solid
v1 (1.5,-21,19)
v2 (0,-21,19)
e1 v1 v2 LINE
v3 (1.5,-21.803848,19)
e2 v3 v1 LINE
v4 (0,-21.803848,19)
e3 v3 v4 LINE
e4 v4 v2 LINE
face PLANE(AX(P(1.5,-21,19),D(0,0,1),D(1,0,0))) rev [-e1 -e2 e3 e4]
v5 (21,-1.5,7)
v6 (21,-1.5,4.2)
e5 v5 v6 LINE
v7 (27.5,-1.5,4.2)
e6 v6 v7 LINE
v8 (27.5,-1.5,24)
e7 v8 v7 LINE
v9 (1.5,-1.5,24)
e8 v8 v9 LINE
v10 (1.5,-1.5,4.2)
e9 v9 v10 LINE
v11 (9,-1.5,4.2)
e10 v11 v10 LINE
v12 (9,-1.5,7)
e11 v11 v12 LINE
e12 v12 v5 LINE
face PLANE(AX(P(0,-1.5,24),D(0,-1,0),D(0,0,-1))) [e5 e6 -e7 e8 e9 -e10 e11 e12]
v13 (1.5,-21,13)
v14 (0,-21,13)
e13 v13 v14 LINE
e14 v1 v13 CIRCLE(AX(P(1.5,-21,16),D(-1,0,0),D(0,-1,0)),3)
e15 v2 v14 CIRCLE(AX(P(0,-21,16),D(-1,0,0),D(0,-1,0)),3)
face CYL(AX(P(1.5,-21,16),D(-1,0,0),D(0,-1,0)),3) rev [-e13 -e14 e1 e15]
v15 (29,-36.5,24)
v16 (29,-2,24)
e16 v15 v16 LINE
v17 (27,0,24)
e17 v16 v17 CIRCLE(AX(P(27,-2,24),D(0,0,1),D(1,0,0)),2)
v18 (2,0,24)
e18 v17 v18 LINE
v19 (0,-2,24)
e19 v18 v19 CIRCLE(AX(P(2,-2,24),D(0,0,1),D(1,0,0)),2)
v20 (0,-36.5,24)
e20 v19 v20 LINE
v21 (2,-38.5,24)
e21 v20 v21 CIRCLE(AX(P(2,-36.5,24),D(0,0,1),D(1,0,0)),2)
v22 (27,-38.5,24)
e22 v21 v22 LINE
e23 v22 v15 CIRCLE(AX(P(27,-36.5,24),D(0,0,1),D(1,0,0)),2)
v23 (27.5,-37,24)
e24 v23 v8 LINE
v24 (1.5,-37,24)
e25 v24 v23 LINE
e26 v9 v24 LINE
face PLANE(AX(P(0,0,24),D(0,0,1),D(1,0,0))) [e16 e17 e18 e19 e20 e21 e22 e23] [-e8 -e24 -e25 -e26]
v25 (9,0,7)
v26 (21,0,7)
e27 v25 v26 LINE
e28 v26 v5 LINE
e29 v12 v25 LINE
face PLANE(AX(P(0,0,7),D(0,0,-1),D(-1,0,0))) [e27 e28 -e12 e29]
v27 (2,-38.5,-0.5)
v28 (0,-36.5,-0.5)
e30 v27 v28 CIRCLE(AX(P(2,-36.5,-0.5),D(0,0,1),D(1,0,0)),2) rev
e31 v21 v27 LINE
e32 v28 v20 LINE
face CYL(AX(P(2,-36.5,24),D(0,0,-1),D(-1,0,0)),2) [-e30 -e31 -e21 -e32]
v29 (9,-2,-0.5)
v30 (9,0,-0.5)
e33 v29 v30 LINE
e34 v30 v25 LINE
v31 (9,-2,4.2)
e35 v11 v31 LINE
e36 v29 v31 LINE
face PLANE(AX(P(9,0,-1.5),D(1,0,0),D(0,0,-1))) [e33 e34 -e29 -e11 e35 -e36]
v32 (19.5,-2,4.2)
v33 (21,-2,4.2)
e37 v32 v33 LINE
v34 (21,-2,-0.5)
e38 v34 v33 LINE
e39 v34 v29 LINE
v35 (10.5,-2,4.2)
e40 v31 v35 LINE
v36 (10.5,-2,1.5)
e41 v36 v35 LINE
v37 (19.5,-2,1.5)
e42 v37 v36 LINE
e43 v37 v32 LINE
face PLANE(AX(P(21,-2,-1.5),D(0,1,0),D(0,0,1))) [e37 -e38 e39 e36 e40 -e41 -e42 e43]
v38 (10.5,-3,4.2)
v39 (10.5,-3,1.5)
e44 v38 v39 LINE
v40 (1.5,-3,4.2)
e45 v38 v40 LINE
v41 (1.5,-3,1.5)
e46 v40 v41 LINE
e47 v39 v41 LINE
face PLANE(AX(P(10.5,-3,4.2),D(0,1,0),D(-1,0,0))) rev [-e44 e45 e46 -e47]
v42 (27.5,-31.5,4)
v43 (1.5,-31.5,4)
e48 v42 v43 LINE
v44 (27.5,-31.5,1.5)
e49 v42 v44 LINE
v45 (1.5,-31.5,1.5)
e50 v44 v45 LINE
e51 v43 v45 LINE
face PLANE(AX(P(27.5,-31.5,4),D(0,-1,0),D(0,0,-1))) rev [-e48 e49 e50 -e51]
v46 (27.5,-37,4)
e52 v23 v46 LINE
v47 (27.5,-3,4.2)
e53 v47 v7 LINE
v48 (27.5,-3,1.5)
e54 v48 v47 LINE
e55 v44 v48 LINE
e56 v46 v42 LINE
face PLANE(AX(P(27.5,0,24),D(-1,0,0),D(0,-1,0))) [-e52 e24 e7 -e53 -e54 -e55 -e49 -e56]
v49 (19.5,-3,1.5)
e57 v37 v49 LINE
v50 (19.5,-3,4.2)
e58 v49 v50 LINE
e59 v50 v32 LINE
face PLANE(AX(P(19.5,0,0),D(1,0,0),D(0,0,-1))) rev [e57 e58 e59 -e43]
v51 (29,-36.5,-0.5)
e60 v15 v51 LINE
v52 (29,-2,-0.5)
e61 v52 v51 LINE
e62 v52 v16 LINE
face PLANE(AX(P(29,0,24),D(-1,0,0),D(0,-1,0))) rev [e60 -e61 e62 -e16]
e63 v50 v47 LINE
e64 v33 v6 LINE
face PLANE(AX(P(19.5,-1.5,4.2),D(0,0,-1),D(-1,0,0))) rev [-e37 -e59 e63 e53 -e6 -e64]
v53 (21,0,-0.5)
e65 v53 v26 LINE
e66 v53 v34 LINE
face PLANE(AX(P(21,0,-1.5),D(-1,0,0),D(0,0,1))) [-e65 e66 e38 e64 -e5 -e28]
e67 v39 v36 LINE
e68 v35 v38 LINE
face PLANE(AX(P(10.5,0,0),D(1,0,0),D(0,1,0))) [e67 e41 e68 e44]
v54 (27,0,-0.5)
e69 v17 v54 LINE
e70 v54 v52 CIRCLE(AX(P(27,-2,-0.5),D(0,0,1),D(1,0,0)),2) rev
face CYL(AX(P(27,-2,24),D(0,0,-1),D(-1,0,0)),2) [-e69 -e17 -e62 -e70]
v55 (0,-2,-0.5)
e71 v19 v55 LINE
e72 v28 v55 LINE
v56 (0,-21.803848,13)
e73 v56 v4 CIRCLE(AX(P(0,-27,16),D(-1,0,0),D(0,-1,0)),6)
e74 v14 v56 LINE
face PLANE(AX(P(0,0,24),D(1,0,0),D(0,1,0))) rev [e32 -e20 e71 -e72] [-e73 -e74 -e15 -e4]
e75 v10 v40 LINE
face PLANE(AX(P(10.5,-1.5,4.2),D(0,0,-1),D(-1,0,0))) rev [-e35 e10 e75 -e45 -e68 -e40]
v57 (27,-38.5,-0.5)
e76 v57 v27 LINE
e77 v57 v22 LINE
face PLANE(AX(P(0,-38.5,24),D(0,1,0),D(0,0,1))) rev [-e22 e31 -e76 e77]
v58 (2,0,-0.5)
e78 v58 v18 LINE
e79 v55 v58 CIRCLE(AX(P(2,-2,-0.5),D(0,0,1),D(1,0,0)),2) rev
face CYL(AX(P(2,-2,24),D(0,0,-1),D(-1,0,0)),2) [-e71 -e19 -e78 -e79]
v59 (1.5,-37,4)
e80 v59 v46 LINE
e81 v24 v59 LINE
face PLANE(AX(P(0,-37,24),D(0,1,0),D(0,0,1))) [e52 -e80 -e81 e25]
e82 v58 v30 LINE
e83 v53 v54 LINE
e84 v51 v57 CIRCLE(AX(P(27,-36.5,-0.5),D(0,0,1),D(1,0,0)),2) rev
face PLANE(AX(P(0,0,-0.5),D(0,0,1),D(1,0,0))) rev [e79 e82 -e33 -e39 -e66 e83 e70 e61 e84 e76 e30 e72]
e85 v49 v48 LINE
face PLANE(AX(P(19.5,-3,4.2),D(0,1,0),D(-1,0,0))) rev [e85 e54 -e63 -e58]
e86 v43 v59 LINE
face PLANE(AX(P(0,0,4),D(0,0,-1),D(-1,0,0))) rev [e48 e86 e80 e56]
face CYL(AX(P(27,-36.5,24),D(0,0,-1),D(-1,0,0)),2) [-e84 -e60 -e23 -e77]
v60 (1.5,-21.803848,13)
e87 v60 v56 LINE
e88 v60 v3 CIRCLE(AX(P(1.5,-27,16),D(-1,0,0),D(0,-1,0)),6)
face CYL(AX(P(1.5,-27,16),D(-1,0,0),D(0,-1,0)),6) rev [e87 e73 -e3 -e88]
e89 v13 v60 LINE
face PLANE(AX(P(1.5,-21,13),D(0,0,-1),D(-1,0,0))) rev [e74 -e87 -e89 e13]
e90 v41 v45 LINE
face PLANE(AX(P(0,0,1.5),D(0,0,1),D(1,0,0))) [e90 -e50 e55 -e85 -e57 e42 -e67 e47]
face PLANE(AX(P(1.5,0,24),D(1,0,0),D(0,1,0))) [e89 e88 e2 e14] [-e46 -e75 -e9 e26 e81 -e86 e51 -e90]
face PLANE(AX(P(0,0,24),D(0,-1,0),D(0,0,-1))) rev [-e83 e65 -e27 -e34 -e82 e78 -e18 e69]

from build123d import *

# Parameters (mm, degrees)
SKETCH_1_W               = 29
SKETCH_1_H               = 38.5
EXTRUDE_1_DEPTH          = 24
SHELL_1_T                = -1.5
SKETCH_7_W               = 26
SKETCH_7_H               = 5.5
EXTRUDE_7_DEPTH          = 2.5
SKETCH_5_W               = 2.7
SKETCH_5_H               = 1.5
EXTRUDE_8_DEPTH          = 8
SKETCH_6_W               = 2.7
SKETCH_6_H               = 1.5
EXTRUDE_9_DEPTH          = 9
CUT_EXTRUDE_7_DEPTH      = 1.5
SKETCH_9_W               = 29
SKETCH_9_H               = 38.5
EXTRUDE_10_DEPTH         = 0.5
FILLET_3_R               = 2
CUT_EXTRUDE_8_DEPTH      = 1.5
CUT_EXTRUDE_8_DEPTH_BACK = 7
SKETCH_2_W               = 12
SKETCH_2_H               = 2


with BuildPart() as part:
    # 草图1 → 凸台-拉伸1 (new body)
    with BuildSketch(Plane.XY):
        with Locations((14.5, -19.25)):
            Rectangle(SKETCH_1_W, SKETCH_1_H)
    extrude(amount=EXTRUDE_1_DEPTH)

    # 抽壳1
    shell_1_openings = [part.faces().sort_by_distance(p)[0] for p in [
        (14.5, -19.25, 24),
    ]]
    offset(amount=SHELL_1_T, openings=shell_1_openings, kind=Kind.INTERSECTION)

    # 草图7 → 凸台-拉伸7 (add)
    with BuildSketch(Plane.XY.offset(1.5)):
        with Locations((14.5, -34.25)):
            Rectangle(SKETCH_7_W, SKETCH_7_H)
    extrude(amount=EXTRUDE_7_DEPTH)

    # 草图5 → 凸台-拉伸8 (add)
    with BuildSketch(Plane.ZY.offset(-27.5)):
        with Locations((2.85, -2.25)):
            Rectangle(SKETCH_5_W, SKETCH_5_H)
    extrude(amount=EXTRUDE_8_DEPTH)

    # 草图6 → 凸台-拉伸9 (add)
    with BuildSketch(Plane(origin=(1.5, 0, 0), x_dir=(0, 0, -1), z_dir=(1, 0, 0))):
        with Locations((-2.85, -2.25)):
            Rectangle(SKETCH_6_W, SKETCH_6_H)
    extrude(amount=EXTRUDE_9_DEPTH)

    # 草图8 → 切除-拉伸7 (cut)
    with BuildSketch(Plane.ZY):
        with BuildLine():
            Line((19, -21), (19, -21.803847577))
            ThreePointArc((19, -21.803847577), (16, -33), (13, -21.803847577))
            Line((13, -21.803847577), (13, -21))
            ThreePointArc((13, -21), (16, -18), (19, -21))
        make_face()
    extrude(amount=-CUT_EXTRUDE_7_DEPTH, mode=Mode.SUBTRACT)

    # 草图9 → 凸台-拉伸10 (add)
    with BuildSketch(Plane(origin=(0, 0, 0), x_dir=(-1, 0, 0), z_dir=(0, 0, -1))):
        with Locations((-14.5, -19.25)):
            Rectangle(SKETCH_9_W, SKETCH_9_H)
    extrude(amount=EXTRUDE_10_DEPTH)

    # 圆角3
    fillet_3_edges = [part.edges().sort_by_distance(p)[0] for p in [
        (0, 0, 11.75),
        (29, 0, 11.75),
        (29, -38.5, 11.75),
        (0, -38.5, 11.75),
    ]]
    fillet(fillet_3_edges, radius=FILLET_3_R)

    # 草图2 → 切除-拉伸8 (cut, two sides: drawn at the far end of the back side and taken through both)
    with BuildSketch(Plane(origin=(0, 0, 0), x_dir=(-1, 0, 0), z_dir=(0, 0, -1)).offset(-CUT_EXTRUDE_8_DEPTH_BACK)):
        with Locations((-15, -1)):
            Rectangle(SKETCH_2_W, SKETCH_2_H)
    extrude(amount=CUT_EXTRUDE_8_DEPTH + CUT_EXTRUDE_8_DEPTH_BACK, mode=Mode.SUBTRACT)


solid = part.part
